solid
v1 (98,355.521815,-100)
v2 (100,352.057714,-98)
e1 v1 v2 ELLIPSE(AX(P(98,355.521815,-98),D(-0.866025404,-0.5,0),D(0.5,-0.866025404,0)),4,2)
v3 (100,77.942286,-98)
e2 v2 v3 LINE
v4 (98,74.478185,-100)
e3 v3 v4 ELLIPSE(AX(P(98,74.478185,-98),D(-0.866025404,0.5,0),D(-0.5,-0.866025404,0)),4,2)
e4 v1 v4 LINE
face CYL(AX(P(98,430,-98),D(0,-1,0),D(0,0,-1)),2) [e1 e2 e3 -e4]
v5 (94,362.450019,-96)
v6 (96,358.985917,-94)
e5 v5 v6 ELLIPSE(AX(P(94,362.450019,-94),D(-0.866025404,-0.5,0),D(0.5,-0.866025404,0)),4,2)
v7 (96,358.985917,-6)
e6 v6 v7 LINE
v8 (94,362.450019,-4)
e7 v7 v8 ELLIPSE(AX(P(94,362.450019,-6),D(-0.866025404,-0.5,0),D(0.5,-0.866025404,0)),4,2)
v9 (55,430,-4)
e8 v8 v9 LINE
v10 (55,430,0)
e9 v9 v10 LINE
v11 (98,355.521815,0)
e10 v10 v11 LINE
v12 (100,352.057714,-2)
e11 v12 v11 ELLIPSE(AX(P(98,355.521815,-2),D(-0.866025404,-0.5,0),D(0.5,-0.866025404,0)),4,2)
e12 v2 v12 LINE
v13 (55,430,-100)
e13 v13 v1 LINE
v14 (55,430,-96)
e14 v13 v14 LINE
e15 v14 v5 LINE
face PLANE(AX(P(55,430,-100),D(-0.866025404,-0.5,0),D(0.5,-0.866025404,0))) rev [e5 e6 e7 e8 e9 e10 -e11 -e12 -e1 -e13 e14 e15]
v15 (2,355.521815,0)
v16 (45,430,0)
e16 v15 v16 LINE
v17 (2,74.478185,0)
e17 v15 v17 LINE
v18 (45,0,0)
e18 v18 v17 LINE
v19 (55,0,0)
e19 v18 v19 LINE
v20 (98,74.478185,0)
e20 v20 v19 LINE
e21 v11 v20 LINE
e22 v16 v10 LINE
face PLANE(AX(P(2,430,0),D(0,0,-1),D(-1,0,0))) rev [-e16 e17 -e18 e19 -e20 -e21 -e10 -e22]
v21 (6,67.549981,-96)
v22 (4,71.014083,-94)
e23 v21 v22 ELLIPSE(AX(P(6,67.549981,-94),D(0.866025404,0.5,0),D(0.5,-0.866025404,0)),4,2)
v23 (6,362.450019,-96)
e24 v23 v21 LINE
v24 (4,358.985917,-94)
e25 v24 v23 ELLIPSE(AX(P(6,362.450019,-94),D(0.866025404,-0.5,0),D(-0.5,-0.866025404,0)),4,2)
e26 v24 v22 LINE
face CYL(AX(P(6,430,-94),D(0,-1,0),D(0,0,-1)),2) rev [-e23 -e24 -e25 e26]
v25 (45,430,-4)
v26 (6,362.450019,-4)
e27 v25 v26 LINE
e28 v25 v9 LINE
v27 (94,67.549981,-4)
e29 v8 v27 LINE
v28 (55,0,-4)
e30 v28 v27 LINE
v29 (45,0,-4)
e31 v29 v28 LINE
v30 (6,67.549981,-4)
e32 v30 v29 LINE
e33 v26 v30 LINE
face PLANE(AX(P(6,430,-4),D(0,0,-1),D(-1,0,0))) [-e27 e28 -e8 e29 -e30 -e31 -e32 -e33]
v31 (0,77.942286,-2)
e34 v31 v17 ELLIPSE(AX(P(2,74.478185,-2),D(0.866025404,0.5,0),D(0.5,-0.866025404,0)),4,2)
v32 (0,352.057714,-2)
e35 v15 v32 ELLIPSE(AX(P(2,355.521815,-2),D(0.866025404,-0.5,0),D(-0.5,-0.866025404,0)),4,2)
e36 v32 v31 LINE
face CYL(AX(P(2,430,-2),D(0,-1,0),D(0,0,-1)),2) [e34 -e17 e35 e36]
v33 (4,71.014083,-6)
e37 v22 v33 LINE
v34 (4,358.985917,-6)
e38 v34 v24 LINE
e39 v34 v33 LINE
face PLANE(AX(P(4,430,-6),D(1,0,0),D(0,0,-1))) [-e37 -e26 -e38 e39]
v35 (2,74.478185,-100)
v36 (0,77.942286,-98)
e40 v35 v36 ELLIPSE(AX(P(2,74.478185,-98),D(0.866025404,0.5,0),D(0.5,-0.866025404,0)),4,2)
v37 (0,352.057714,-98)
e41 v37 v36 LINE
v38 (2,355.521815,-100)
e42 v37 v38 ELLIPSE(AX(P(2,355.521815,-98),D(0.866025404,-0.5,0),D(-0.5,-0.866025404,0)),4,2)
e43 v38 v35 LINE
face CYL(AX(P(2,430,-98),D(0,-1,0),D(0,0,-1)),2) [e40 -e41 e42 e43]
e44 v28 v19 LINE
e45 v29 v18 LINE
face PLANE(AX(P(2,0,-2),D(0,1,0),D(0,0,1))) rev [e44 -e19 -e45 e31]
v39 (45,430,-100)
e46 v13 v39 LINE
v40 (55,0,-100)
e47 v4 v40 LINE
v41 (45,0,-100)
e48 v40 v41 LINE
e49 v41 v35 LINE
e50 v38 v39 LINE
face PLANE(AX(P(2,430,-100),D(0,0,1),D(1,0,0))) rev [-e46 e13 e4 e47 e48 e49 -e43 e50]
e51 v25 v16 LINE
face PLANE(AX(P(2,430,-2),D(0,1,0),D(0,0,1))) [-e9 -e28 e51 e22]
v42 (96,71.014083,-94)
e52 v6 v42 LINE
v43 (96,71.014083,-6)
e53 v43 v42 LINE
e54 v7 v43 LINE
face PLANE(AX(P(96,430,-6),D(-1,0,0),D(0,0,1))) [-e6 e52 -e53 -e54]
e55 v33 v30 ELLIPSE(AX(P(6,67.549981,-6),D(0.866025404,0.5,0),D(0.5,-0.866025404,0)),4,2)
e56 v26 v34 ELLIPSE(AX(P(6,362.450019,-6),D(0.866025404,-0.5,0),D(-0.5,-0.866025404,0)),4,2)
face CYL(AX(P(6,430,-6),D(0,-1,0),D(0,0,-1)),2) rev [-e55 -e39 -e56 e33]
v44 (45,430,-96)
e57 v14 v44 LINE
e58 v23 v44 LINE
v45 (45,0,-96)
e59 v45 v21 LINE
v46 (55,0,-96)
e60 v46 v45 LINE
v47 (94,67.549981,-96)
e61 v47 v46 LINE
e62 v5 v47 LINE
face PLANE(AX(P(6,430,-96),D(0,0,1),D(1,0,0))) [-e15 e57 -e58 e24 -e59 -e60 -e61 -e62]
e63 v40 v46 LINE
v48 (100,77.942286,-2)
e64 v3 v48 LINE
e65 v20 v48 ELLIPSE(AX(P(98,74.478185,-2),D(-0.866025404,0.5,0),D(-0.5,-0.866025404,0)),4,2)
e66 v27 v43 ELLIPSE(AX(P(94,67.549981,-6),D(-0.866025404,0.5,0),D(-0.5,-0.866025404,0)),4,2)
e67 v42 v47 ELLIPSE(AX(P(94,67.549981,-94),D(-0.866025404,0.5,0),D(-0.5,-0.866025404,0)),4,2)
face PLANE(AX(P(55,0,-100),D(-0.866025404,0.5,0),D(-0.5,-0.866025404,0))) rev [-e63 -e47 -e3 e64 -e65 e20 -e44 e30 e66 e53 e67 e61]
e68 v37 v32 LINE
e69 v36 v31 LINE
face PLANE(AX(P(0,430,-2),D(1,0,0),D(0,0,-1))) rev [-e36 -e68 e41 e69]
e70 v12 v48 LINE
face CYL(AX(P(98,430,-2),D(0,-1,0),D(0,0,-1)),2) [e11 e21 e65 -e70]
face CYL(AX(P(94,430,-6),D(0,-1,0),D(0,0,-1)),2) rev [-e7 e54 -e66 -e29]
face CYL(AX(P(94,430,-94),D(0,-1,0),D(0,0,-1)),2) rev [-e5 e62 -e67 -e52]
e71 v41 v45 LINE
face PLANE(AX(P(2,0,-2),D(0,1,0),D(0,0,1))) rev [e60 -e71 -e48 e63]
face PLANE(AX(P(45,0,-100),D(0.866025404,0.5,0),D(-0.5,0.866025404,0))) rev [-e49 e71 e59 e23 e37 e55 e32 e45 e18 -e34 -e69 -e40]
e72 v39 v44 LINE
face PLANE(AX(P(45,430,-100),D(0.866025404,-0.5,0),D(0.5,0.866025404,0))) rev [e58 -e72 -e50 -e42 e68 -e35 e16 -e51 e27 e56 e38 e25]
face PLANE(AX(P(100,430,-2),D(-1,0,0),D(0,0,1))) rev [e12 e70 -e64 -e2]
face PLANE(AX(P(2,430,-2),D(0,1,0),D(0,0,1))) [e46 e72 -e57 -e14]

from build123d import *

# Parameters (mm, degrees)
BOSS_EXTRU_1_DEPTH      = 430
ENL_V_MAT_EXTRU_1_DEPTH = 453.65881191


with BuildPart() as part:
    # Esquisse2 → Boss.-Extru.1 (new body)
    with BuildSketch(Plane(origin=(0, 0, 0), x_dir=(1, 0, 0), z_dir=(0, 1, 0))):
        with BuildLine():
            Line((2, 0), (98, 0))
            ThreePointArc((98, 0), (99.414213562, 0.585786438), (100, 2))
            Line((100, 2), (100, 98))
            ThreePointArc((100, 98), (99.414213562, 99.414213562), (98, 100))
            Line((98, 100), (2, 100))
            ThreePointArc((2, 100), (0.585786438, 99.414213562), (0, 98))
            Line((0, 98), (0, 2))
            ThreePointArc((0, 2), (0.585786438, 0.585786438), (2, 0))
        make_face()
        with BuildLine():
            Line((6, 96), (94, 96))
            ThreePointArc((94, 96), (95.414213562, 95.414213562), (96, 94))
            Line((96, 94), (96, 6))
            ThreePointArc((96, 6), (95.414213562, 4.585786438), (94, 4))
            Line((94, 4), (6, 4))
            ThreePointArc((6, 4), (4.585786438, 4.585786438), (4, 6))
            Line((4, 6), (4, 94))
            ThreePointArc((4, 94), (4.585786438, 95.414213562), (6, 96))
        make_face(mode=Mode.SUBTRACT)
    extrude(amount=BOSS_EXTRU_1_DEPTH)

    # Esquisse3 → Enlèv. mat.-Extru.1 (cut, through all)
    with BuildSketch(Plane.XY):
        Polygon((45, 430), (0, 352.057713659), (-62.450183936, 352.057713659), (-62.450183936, 486.30167962), (45, 486.30167962), align=None)
        Polygon((45, 0), (0, 77.942286341), (-44.197295574, 77.942286341), (-44.197295574, -11.830713302), (45, -11.830713302), align=None)
        Polygon((55, -11.830713302), (55, 0), (100, 77.942286341), (144.197295574, 77.942286341), (144.197295574, -11.830713302), align=None)
        Polygon((55, 486.30167962), (55, 430), (100, 352.057713659), (162.450183936, 352.057713659), (162.450183936, 486.30167962), align=None)
    extrude(amount=-ENL_V_MAT_EXTRU_1_DEPTH, mode=Mode.SUBTRACT)


solid = part.part
